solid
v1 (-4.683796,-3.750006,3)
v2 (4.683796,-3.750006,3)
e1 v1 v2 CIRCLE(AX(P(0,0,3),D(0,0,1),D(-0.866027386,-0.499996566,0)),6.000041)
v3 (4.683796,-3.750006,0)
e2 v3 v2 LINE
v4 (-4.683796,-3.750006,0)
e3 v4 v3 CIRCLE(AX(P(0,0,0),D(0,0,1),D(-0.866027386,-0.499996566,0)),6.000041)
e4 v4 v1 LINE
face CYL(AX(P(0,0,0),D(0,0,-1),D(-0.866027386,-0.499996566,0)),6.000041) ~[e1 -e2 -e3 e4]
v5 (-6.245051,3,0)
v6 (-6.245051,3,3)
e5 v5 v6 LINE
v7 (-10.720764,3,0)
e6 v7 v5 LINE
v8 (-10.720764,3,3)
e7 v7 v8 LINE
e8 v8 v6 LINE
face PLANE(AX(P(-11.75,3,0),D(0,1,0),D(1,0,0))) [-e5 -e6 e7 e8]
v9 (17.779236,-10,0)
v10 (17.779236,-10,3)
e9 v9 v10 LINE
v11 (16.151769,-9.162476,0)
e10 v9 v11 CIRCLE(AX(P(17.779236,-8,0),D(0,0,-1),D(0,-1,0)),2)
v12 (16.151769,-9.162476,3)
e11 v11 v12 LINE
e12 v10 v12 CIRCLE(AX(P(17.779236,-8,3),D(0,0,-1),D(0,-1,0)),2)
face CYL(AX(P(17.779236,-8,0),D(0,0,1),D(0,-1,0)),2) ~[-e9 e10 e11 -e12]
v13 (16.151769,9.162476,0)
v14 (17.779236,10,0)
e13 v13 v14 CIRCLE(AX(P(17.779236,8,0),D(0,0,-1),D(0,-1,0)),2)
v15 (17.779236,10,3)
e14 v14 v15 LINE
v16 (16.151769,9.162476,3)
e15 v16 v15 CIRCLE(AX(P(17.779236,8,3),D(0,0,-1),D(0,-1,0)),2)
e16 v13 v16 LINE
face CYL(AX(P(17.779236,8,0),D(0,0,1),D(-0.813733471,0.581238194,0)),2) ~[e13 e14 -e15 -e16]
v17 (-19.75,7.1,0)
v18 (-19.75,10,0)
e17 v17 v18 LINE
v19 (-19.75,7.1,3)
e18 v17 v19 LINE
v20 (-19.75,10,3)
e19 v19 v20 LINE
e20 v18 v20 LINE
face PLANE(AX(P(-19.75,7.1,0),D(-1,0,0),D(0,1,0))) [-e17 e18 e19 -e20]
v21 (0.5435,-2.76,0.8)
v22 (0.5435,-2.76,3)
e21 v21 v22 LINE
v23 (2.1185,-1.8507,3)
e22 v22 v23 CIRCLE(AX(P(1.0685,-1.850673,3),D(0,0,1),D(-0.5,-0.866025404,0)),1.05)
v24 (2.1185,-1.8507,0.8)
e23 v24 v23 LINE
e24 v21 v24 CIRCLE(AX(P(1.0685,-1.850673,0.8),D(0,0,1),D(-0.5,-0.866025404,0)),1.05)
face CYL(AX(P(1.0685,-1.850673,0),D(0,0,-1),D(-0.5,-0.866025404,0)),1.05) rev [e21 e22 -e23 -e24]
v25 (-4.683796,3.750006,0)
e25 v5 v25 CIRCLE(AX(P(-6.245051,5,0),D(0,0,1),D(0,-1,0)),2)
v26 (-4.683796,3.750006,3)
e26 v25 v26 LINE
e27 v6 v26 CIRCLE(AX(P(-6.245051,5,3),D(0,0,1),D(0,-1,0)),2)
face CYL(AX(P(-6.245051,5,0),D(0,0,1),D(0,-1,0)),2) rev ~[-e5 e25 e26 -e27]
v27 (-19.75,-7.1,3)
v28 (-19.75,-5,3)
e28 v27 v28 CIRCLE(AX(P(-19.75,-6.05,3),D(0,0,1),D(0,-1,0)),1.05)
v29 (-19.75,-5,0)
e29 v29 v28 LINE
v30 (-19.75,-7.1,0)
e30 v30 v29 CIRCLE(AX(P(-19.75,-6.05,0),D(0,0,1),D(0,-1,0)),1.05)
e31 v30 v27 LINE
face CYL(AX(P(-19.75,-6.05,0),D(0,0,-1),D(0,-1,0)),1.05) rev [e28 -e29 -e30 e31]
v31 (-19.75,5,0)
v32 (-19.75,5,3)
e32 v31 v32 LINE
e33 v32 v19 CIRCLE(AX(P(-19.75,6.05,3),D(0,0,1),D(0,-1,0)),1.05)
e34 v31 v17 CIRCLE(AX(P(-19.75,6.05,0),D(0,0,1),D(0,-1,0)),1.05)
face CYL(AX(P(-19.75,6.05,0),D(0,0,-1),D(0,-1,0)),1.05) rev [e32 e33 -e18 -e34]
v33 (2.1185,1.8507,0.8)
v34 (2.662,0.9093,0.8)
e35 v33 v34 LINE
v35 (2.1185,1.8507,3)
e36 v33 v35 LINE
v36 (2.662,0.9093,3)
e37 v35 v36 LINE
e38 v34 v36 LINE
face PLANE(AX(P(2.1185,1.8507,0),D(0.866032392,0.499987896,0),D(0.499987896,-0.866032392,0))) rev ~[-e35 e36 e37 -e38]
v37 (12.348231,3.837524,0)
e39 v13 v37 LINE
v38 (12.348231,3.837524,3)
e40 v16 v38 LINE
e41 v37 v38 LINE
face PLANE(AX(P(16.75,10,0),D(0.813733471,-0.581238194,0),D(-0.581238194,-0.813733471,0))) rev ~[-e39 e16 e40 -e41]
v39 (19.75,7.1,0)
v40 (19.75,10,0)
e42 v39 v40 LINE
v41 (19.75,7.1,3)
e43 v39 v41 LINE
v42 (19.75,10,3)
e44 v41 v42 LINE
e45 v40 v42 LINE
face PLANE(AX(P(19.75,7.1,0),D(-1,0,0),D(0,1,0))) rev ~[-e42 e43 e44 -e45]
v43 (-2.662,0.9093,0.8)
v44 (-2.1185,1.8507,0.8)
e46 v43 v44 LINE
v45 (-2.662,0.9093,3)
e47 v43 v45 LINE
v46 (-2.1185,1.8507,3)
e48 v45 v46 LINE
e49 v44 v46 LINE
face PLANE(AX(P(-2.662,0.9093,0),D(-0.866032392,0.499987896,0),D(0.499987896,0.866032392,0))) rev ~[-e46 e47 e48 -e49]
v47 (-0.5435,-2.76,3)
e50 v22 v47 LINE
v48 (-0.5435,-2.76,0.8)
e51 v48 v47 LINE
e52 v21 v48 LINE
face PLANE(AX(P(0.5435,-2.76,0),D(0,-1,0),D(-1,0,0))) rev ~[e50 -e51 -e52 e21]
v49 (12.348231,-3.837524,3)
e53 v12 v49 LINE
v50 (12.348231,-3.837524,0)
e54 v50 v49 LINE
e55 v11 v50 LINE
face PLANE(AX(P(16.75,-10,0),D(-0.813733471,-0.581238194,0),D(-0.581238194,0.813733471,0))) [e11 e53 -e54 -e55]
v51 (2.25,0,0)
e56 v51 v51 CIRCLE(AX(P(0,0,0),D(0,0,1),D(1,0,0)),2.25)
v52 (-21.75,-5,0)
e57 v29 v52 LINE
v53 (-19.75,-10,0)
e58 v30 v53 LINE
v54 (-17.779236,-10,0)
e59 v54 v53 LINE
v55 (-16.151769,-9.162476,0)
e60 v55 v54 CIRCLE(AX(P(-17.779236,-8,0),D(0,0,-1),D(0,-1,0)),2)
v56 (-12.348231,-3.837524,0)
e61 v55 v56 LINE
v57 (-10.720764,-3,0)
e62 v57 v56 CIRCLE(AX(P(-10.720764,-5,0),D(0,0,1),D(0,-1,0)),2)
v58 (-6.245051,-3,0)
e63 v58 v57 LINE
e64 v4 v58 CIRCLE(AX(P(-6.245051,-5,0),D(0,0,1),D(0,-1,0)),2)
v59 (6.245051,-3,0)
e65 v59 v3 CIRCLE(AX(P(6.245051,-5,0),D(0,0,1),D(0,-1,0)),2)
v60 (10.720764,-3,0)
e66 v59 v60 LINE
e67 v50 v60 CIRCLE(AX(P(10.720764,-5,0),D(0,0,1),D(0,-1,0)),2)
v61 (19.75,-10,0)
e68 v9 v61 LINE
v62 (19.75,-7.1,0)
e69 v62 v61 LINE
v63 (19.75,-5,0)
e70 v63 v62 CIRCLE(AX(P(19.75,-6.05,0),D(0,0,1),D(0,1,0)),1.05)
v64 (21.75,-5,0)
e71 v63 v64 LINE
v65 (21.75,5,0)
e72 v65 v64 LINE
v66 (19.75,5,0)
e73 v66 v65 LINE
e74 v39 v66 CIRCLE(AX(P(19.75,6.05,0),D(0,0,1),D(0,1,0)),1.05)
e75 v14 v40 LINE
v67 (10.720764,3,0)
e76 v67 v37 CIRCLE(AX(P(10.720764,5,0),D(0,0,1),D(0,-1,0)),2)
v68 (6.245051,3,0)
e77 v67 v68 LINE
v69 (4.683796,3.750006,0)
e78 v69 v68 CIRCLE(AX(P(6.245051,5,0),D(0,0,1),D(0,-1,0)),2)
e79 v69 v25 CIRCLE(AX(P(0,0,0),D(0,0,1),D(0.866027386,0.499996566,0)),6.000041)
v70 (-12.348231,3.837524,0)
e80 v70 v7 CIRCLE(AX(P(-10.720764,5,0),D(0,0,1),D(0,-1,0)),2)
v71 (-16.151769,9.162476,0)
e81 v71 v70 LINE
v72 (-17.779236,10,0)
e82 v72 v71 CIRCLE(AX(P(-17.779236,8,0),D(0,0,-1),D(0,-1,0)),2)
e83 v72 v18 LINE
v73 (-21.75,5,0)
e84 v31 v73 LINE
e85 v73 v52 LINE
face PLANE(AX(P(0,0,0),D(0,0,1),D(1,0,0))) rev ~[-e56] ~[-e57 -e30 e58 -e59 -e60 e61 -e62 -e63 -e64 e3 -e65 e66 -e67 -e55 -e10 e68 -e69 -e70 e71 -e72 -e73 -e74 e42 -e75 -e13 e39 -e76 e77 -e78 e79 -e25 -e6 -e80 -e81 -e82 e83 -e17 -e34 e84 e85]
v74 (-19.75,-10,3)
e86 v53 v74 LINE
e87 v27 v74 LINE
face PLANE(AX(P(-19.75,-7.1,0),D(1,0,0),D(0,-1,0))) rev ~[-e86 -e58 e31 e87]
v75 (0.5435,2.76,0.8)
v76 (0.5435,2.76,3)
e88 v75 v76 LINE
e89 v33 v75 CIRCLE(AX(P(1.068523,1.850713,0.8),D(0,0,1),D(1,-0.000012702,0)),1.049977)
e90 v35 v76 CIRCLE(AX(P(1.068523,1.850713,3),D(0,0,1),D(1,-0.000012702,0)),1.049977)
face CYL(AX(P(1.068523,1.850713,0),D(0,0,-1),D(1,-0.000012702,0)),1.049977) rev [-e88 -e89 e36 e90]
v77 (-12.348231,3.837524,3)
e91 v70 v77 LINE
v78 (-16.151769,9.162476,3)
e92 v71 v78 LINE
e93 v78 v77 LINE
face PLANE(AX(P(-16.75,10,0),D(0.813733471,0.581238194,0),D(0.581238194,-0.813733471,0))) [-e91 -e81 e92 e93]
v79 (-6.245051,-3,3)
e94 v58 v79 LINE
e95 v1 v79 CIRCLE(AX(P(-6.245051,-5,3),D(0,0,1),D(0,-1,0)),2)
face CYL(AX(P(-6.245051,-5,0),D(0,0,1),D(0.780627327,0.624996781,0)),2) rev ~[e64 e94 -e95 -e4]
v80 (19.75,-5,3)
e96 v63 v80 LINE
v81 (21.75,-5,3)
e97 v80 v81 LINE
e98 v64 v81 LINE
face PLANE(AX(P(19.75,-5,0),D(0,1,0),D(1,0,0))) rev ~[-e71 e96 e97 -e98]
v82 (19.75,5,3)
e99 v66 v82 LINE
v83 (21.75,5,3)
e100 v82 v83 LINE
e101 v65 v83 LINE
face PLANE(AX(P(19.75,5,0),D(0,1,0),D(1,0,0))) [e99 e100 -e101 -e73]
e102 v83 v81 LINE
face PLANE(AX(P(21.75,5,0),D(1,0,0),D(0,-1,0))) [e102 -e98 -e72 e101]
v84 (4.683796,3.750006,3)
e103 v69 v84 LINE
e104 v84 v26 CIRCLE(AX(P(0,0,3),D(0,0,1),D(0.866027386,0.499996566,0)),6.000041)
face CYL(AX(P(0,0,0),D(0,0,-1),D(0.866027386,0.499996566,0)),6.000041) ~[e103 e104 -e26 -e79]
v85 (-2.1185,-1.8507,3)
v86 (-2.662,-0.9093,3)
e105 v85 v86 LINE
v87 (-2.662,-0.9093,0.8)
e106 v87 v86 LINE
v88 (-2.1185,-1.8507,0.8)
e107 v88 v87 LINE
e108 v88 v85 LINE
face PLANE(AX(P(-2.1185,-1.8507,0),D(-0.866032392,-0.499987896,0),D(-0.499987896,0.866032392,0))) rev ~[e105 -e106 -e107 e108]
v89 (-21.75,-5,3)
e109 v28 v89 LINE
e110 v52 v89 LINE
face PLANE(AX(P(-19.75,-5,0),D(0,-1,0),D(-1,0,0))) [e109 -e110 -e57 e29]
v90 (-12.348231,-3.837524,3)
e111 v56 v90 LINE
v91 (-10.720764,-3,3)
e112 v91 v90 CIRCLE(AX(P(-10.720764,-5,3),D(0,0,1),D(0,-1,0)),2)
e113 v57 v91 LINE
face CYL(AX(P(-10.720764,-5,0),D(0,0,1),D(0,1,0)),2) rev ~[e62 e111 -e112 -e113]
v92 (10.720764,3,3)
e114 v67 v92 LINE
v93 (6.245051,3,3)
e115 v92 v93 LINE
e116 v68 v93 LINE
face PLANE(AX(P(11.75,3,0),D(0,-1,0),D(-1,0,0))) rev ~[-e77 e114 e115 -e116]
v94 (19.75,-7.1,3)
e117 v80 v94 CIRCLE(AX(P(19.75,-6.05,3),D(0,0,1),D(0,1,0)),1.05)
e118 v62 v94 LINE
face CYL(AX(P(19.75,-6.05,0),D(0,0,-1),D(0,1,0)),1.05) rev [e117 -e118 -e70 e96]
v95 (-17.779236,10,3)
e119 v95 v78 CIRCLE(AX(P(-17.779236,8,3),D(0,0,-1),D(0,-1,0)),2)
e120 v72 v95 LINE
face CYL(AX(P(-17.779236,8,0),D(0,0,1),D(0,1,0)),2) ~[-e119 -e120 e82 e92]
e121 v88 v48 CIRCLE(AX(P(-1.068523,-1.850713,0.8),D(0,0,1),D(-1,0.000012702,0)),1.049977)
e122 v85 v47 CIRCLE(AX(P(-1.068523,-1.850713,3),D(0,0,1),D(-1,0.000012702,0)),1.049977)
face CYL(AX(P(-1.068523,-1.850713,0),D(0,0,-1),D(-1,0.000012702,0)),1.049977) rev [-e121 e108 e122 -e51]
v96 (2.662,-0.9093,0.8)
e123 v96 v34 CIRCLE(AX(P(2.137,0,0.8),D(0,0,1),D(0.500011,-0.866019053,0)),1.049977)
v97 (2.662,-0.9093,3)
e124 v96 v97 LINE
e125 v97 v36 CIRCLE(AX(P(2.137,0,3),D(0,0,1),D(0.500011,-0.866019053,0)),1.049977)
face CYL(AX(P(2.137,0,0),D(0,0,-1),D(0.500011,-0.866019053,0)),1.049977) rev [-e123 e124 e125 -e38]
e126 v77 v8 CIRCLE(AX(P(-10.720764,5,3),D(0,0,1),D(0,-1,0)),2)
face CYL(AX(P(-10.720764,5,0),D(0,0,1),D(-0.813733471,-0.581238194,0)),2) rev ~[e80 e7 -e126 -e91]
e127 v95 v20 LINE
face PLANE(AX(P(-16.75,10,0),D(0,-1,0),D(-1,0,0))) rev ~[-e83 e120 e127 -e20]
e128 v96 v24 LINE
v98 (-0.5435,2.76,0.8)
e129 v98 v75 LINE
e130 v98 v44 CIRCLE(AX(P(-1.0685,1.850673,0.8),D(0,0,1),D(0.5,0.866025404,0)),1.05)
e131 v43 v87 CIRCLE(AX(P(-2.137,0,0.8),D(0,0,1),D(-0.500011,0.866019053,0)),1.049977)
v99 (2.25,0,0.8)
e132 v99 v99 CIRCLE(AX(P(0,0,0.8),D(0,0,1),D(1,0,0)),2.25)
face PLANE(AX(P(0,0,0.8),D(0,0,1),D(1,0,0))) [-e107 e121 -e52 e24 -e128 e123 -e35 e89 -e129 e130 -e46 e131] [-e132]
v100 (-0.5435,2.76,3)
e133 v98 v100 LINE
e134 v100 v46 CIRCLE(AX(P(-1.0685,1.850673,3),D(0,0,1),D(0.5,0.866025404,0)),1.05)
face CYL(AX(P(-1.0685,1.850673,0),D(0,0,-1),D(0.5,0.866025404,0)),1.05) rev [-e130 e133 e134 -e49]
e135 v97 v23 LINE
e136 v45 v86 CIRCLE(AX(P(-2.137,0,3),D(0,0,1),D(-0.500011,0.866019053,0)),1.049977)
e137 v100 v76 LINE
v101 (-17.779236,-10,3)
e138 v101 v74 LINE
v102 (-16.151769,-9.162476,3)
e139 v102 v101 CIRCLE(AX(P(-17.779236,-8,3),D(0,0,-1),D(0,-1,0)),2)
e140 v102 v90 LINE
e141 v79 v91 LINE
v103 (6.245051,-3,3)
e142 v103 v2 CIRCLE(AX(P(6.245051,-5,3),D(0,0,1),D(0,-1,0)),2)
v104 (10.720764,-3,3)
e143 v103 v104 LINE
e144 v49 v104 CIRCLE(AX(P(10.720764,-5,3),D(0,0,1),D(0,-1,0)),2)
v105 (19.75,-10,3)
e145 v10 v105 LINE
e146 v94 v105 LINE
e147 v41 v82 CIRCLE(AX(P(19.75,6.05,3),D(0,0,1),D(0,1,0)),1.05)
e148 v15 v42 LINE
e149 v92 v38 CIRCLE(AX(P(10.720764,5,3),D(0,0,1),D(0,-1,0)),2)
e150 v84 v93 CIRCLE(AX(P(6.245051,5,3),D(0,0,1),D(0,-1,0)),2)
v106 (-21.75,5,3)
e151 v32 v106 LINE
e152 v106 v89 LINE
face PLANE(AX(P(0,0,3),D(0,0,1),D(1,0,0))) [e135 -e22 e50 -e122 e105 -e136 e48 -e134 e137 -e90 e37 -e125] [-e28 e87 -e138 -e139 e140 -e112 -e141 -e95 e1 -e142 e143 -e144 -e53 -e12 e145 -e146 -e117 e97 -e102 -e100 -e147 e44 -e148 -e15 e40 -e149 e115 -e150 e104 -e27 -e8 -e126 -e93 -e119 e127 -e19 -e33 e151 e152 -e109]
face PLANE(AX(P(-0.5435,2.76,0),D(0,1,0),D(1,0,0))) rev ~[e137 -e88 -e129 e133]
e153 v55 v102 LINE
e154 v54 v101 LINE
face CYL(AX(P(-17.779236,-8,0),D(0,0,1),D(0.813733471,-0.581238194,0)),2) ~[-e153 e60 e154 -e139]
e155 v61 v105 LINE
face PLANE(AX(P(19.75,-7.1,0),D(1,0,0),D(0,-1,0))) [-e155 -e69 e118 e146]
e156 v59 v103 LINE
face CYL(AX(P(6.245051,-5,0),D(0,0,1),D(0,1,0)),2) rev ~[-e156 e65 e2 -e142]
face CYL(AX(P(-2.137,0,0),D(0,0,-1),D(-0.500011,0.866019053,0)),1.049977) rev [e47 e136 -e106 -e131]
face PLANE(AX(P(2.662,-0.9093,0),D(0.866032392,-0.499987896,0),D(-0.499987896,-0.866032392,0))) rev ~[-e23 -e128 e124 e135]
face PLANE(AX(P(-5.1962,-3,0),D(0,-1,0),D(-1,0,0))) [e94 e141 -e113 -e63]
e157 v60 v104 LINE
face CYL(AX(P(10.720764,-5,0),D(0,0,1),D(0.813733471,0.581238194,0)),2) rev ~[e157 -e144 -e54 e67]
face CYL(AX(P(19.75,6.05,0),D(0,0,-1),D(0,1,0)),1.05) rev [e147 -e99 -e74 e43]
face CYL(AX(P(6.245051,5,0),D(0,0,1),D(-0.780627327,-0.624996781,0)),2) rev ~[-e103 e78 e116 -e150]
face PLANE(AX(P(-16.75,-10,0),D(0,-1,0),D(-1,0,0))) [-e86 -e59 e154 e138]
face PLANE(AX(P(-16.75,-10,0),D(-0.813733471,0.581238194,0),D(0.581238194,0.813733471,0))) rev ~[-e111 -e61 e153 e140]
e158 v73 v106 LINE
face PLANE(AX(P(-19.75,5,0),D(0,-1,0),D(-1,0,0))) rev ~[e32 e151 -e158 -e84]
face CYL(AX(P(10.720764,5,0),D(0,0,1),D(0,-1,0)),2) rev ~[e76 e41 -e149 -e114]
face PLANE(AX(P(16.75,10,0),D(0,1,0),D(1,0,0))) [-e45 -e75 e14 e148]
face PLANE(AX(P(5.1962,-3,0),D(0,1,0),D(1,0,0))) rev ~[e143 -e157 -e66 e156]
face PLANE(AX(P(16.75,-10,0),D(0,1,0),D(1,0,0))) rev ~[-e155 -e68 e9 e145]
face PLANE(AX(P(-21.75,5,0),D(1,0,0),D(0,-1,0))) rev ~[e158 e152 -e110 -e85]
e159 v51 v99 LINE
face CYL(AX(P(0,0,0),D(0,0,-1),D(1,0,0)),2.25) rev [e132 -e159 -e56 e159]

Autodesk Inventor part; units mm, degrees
ref_plane "YZ Plane" through (0, 0, 0) normal (1, 0, 0) x (0, 1, 0)
ref_plane "XZ Plane" through (0, 0, 0) normal (0, 1, 0) x (-1, 0, 0)
ref_plane "XY Plane" through (0, 0, 0) normal (0, 0, 1) x (1, 0, 0)
sketch "スケッチ1" plane through (0, 0, 0) normal (0, 0, 1) x (1, 0, 0)
  line L0 (-19.75, 10) -> (19.75, 10) construction
  line L1 (19.75, 10) -> (19.75, -10) construction
  line L2 (19.75, -10) -> (-19.75, -10) construction
  line L3 (-19.75, -10) -> (-19.75, 10) construction
  line L4 (-19.75, 10) -> (19.75, -10) construction
  line L5 (19.75, 10) -> (-19.75, -10) construction
  line L6 (-19.75, 5) -> (-21.75, 5)
  line L7 (-21.75, 5) -> (-21.75, -5)
  line L8 (-19.75, 0) -> (19.75, 0) construction
  line L9 (0, 10) -> (0, -10) construction
  circle A0 centre (0, 0) radius 2.25
  arc A1 (-19.75, 5) -> (-19.75, 7.1) centre (-19.75, 6.05) ccw
  line L10 (-16.75, 10) -> (-11.75, 3)
  line L11 (-19.75, -5) -> (-21.75, -5)
  arc A2 (-19.75, -7.1) -> (-19.75, -5) centre (-19.75, -6.05) ccw
  line L12 (-16.75, -10) -> (-11.75, -3)
  line L13 (-19.75, 7.1) -> (-19.75, 10)
  line L14 (-16.75, 10) -> (-19.75, 10)
  line L15 (-16.75, -10) -> (-19.75, -10)
  line L16 (-19.75, -7.1) -> (-19.75, -10)
  line L17 (19.75, 5) -> (21.75, 5)
  line L18 (21.75, 5) -> (21.75, -5)
  arc A3 (19.75, 7.1) -> (19.75, 5) centre (19.75, 6.05) ccw
  line L19 (16.75, 10) -> (11.75, 3)
  line L20 (19.75, -5) -> (21.75, -5)
  arc A4 (19.75, -5) -> (19.75, -7.1) centre (19.75, -6.05) ccw
  line L21 (16.75, -10) -> (11.75, -3)
  line L22 (19.75, 7.1) -> (19.75, 10)
  line L23 (16.75, 10) -> (19.75, 10)
  line L24 (16.75, -10) -> (19.75, -10)
  line L25 (19.75, -7.1) -> (19.75, -10)
  arc A5 (5.1962, 3) -> (-5.1962, 3) centre (0, 0) ccw
  arc A6 (-5.1962, -3) -> (5.1962, -3) centre (0, 0) ccw
  line L26 (-1.5935, -2.76) -> (-2.1185, -1.8507) construction
  line L27 (-3.187, 0) -> (-2.662, 0.9093) construction
  line L28 (-1.5935, 2.76) -> (-0.5435, 2.76) construction
  line L29 (1.5935, 2.76) -> (2.1185, 1.8507) construction
  line L30 (3.187, 0) -> (2.662, -0.9093) construction
  line L31 (1.5935, -2.76) -> (0.5435, -2.76) construction
  arc A7 (-2.662, 0.9093) -> (-2.662, -0.9093) centre (-2.137, 0) ccw
  arc A8 (-2.1185, -1.8507) -> (-0.5435, -2.76) centre (-1.0685, -1.8507) ccw
  arc A9 (0.5435, -2.76) -> (2.1185, -1.8507) centre (1.0685, -1.8507) ccw
  arc A10 (2.662, -0.9093) -> (2.662, 0.9093) centre (2.137, 0) ccw
  arc A11 (2.1185, 1.8507) -> (0.5435, 2.76) centre (1.0685, 1.8507) ccw
  arc A12 (-0.5435, 2.76) -> (-2.1185, 1.8507) centre (-1.0685, 1.8507) ccw
  line L32 (-2.1185, 1.8507) -> (-1.5935, 2.76) construction
  line L33 (-2.662, 0.9093) -> (-2.1185, 1.8507)
  line L34 (-2.662, -0.9093) -> (-3.187, 0) construction
  line L35 (-2.1185, -1.8507) -> (-2.662, -0.9093)
  line L36 (-0.5435, -2.76) -> (-1.5935, -2.76) construction
  line L37 (0.5435, -2.76) -> (-0.5435, -2.76)
  line L38 (2.1185, -1.8507) -> (1.5935, -2.76) construction
  line L39 (2.662, -0.9093) -> (2.1185, -1.8507)
  line L40 (2.662, 0.9093) -> (3.187, 0) construction
  line L41 (2.1185, 1.8507) -> (2.662, 0.9093)
  line L42 (0.5435, 2.76) -> (1.5935, 2.76) construction
  line L43 (-0.5435, 2.76) -> (0.5435, 2.76)
  line L44 (-11.75, 3) -> (-5.1962, 3)
  line L45 (-5.1962, -3) -> (-11.75, -3)
  line L46 (5.1962, -3) -> (11.75, -3)
  line L47 (11.75, 3) -> (5.1962, 3)
  point P0 (0, 0)
  point P1 (-1.5935, -2.76)
  point P2 (1.5935, -2.76)
  point P3 (3.187, 0)
  point P4 (1.5935, 2.76)
  point P5 (-1.5935, 2.76)
  dimension "d0" = 39.5
  dimension "d3" = 4.5
  dimension "d4" = 2
  dimension "d5" = 10
  dimension "d6" = 1.05
  dimension "d7" = 3
  dimension "d9" = 5
  dimension "d11" = 8
  dimension "d12" = 6
  dimension "d14" = 1.05
  dimension "d17" = 360
  dimension "d19" = 5.52
  dimension "d20" = 6
extrude "押し出し1" add sketch "スケッチ1" along normal blind 3 contours A1 L13 L14 L10 L44 A5 L47 L19 L23 L22 A3 L17 L18 L20 A4 L25 L24 L21 L46 A6 L45 L12 L15 L16 A2 L11 L7 L6
extrude "押し出し2" add sketch "スケッチ1" along normal blind 0.8 contours L33 A12 L43 A11 L41 A10 L39 A9 L37 A8 L35 A7
fillet "フィレット1" radius 2 12 edges at (-11.75, 3, 1.5) (-11.75, -3, 1.5) (-16.75, 10, 1.5) (-16.75, -10, 1.5) (-5.1962, -3, 1.5) (-5.1962, 3, 1.5) (5.1962, 3, 1.5) (5.1962, -3, 1.5) (11.75, 3, 1.5) (11.75, -3, 1.5) (16.75, 10, 1.5) (16.75, -10, 1.5)
properties part number "Ankle_front_frame" material "アルミニウム 2014-T4"
